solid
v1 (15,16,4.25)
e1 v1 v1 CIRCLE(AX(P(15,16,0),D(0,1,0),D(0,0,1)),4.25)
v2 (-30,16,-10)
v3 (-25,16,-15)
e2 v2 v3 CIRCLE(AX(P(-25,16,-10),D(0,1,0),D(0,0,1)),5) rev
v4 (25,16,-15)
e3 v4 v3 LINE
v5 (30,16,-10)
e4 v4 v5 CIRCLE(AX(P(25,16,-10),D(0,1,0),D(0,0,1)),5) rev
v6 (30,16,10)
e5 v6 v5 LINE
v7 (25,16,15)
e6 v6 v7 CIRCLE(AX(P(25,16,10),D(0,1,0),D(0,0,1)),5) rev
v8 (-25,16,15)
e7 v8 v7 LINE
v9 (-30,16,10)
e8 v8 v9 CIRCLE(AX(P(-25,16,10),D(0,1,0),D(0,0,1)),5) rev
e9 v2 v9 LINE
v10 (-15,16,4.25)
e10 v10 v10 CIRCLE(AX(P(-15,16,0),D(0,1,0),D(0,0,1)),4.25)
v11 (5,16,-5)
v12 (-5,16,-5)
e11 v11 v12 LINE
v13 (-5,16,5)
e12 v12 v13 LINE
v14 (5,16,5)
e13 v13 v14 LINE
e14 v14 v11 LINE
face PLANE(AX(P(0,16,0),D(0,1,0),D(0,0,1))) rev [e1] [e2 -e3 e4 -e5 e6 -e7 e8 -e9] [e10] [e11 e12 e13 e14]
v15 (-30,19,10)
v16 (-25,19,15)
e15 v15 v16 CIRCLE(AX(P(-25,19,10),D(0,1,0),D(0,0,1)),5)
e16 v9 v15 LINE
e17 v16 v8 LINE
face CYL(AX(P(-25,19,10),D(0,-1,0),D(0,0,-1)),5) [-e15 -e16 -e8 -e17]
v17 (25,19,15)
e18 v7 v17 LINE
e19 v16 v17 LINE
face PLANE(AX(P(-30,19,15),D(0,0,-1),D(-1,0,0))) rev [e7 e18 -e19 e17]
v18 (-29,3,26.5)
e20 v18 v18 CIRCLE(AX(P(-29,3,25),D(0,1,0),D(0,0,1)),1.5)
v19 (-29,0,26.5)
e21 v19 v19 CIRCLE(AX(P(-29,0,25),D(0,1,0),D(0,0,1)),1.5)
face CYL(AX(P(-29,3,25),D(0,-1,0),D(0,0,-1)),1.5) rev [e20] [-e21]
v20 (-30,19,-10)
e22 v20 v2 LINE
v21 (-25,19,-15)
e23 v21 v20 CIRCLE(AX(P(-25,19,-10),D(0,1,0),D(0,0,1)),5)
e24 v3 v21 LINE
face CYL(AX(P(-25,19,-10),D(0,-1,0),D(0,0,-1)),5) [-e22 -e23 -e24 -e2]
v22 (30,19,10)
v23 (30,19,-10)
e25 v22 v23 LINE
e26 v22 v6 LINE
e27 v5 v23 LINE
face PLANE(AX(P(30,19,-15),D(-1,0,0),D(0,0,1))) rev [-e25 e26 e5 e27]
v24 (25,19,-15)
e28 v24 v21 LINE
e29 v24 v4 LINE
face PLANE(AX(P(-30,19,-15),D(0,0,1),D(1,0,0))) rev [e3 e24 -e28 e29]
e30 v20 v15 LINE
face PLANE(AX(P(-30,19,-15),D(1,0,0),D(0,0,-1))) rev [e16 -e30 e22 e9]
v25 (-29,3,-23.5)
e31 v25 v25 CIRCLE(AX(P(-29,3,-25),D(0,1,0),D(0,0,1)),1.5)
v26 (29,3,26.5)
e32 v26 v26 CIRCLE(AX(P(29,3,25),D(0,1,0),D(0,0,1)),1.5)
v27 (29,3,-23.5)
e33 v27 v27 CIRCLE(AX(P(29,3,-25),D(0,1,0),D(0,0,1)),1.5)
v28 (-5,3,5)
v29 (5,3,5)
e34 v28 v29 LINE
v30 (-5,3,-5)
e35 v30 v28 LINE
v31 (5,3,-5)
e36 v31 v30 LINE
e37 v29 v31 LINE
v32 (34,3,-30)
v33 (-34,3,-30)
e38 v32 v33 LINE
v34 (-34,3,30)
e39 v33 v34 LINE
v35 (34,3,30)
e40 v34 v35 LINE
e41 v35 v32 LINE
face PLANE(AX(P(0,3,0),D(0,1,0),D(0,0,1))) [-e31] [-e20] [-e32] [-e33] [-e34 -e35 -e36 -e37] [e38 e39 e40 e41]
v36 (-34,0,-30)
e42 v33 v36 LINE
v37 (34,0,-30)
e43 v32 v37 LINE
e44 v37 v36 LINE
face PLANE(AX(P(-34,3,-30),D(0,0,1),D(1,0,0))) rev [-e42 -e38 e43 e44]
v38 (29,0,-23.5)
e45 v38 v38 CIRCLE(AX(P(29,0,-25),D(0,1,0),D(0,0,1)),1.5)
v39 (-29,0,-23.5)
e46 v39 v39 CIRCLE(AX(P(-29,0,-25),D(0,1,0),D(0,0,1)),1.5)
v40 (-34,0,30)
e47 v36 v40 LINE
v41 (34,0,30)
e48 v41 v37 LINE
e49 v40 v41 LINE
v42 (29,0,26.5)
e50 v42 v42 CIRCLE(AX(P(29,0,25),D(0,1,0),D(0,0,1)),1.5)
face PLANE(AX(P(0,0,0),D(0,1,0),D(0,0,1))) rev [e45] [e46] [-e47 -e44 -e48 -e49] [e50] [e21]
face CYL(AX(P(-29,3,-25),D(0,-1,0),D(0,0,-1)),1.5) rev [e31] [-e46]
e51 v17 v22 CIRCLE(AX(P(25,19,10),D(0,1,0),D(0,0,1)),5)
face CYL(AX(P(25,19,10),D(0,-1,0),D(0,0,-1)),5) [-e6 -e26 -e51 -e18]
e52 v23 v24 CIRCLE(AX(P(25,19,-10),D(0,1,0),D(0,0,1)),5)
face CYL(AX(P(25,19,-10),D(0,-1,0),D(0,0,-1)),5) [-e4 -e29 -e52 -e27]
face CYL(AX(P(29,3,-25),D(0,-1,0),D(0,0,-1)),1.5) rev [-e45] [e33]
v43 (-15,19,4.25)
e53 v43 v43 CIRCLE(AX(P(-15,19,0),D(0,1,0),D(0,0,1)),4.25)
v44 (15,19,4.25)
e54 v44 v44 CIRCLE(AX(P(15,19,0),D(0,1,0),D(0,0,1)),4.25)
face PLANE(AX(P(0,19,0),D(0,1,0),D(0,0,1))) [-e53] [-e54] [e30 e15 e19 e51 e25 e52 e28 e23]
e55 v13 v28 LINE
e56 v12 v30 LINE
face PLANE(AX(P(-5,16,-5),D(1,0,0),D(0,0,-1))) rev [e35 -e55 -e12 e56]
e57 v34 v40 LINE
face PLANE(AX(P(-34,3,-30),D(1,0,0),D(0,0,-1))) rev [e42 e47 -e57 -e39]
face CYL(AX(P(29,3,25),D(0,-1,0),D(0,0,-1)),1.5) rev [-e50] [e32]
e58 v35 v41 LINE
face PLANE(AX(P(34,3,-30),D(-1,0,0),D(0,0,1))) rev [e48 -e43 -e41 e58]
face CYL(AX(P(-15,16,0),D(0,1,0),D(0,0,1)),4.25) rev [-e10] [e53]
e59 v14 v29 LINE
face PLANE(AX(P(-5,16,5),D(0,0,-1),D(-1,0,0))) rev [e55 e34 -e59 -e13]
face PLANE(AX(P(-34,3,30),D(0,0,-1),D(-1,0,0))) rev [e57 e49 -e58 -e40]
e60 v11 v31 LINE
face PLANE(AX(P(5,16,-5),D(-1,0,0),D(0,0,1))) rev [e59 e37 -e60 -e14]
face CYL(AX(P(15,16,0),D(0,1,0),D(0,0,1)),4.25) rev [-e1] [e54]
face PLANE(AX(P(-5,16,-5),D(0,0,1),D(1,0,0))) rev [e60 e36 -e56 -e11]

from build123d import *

# Parameters (mm, degrees)
CROQUIS1_W              = 68
CROQUIS1_H              = 60
CROQUIS1_R              = 1.5
SALIENTE_EXTRUIR2_DEPTH = 3
CROQUIS2_W              = 5
CROQUIS2_H              = 10
SALIENTE_EXTRUIR3_DEPTH = 13
CORTAR_EXTRUIR1_DEPTH   = 13
CROQUIS4_R              = 1.5
CORTAR_EXTRUIR2_DEPTH   = 13
CROQUIS6_W              = 0.75
CROQUIS6_H              = 19.11
CROQUIS6_H_2            = 18.27
CORTAR_EXTRUIR3_DEPTH   = 10
CROQUIS7_W              = 7.48396125
CROQUIS7_H              = 18.688270588
CORTAR_EXTRUIR4_DEPTH   = 10
CROQUIS8_W              = 10
CROQUIS8_H              = 10
SALIENTE_EXTRUIR4_DEPTH = 13
CROQUIS9_W              = 60
CROQUIS9_H              = 30
SALIENTE_EXTRUIR5_DEPTH = 3
CROQUIS10_R             = 4.25
CORTAR_EXTRUIR5_DEPTH   = 3
REDONDEO1_R             = 5


with BuildPart() as part:
    # Croquis1 → Saliente-Extruir2 (new body)
    with BuildSketch(Plane(origin=(0, 0, 0), x_dir=(1, 0, 0), z_dir=(0, 1, 0))):
        Rectangle(CROQUIS1_W, CROQUIS1_H)
        with Locations(Location((-29, 25, 0), (0, 0, 270))):
            Circle(CROQUIS1_R, mode=Mode.SUBTRACT)
        with Locations(Location((29, 25, 0), (0, 0, 270))):
            Circle(CROQUIS1_R, mode=Mode.SUBTRACT)
        with Locations(Location((-29, -25, 0), (0, 0, 270))):
            Circle(CROQUIS1_R, mode=Mode.SUBTRACT)
        with Locations(Location((29, -25, 0), (0, 0, 270))):
            Circle(CROQUIS1_R, mode=Mode.SUBTRACT)
    extrude(amount=SALIENTE_EXTRUIR2_DEPTH)

    # Croquis2 → Saliente-Extruir3 (add)
    with BuildSketch(Plane(origin=(0, 3, 0), x_dir=(1, 0, 0), z_dir=(0, 1, 0))):
        Rectangle(CROQUIS2_W, CROQUIS2_H)
    extrude(amount=SALIENTE_EXTRUIR3_DEPTH)

    # Croquis3 → Cortar-Extruir1 (cut)
    with BuildSketch(Plane(origin=(2.5, 0, 0), x_dir=(0, 0, -1), z_dir=(1, 0, 0))):
        with BuildLine():
            Line((-5, 16), (-5, 11))
            ThreePointArc((-5, 11), (-3.535533906, 14.535533906), (0, 16))
            Line((0, 16), (-5, 16))
        make_face()
        with BuildLine():
            ThreePointArc((0, 16), (3.535533906, 14.535533906), (5, 11))
            Line((5, 11), (5, 16))
            Line((5, 16), (0, 16))
        make_face()
    extrude(amount=-CORTAR_EXTRUIR1_DEPTH, mode=Mode.SUBTRACT)

    # Croquis4 → Cortar-Extruir2 (cut)
    with BuildSketch(Plane(origin=(2.5, 0, 0), x_dir=(0, 0, -1), z_dir=(1, 0, 0))):
        with Locations((0, 11)):
            Circle(CROQUIS4_R)
    extrude(amount=-CORTAR_EXTRUIR2_DEPTH, mode=Mode.SUBTRACT)

    # Croquis6 → Cortar-Extruir3 (cut)
    with BuildSketch(Plane(origin=(0, 0, -5), x_dir=(-1, 0, 0), z_dir=(0, 0, -1))):
        with Locations((-2.125, 12.555)):
            Rectangle(CROQUIS6_W, CROQUIS6_H)
        with Locations((2.125, 12.135)):
            Rectangle(CROQUIS6_W, CROQUIS6_H_2)
    extrude(amount=-CORTAR_EXTRUIR3_DEPTH, mode=Mode.SUBTRACT)

    # Croquis7 → Cortar-Extruir4 (cut)
    with BuildSketch(Plane(origin=(0, 0, -5), x_dir=(-1, 0, 0), z_dir=(0, 0, -1))):
        with Locations((1.991980625, 12.344135294)):
            Rectangle(CROQUIS7_W, CROQUIS7_H)
    extrude(amount=-CORTAR_EXTRUIR4_DEPTH, mode=Mode.SUBTRACT)

    # Croquis8 → Saliente-Extruir4 (add)
    with BuildSketch(Plane(origin=(0, 3, 0), x_dir=(1, 0, 0), z_dir=(0, 1, 0))):
        Rectangle(CROQUIS8_W, CROQUIS8_H)
    extrude(amount=SALIENTE_EXTRUIR4_DEPTH)

    # Croquis9 → Saliente-Extruir5 (add)
    with BuildSketch(Plane(origin=(0, 16, 0), x_dir=(1, 0, 0), z_dir=(0, 1, 0))):
        Rectangle(CROQUIS9_W, CROQUIS9_H)
    extrude(amount=SALIENTE_EXTRUIR5_DEPTH)

    # Croquis10 → Cortar-Extruir5 (cut)
    with BuildSketch(Plane(origin=(0, 19, 0), x_dir=(1, 0, 0), z_dir=(0, 1, 0))):
        with Locations(Location((-15, 0, 0), (0, 0, 270))):
            Circle(CROQUIS10_R)
        with Locations(Location((15, 0, 0), (0, 0, 270))):
            Circle(CROQUIS10_R)
    extrude(amount=-CORTAR_EXTRUIR5_DEPTH, mode=Mode.SUBTRACT)

    # Redondeo1
    redondeo1_edges = [part.edges().sort_by_distance(p)[0] for p in [
        (30, 17.5, 15),
        (30, 17.5, -15),
        (-30, 17.5, -15),
        (-30, 17.5, 15),
    ]]
    fillet(redondeo1_edges, radius=REDONDEO1_R)


solid = part.part
